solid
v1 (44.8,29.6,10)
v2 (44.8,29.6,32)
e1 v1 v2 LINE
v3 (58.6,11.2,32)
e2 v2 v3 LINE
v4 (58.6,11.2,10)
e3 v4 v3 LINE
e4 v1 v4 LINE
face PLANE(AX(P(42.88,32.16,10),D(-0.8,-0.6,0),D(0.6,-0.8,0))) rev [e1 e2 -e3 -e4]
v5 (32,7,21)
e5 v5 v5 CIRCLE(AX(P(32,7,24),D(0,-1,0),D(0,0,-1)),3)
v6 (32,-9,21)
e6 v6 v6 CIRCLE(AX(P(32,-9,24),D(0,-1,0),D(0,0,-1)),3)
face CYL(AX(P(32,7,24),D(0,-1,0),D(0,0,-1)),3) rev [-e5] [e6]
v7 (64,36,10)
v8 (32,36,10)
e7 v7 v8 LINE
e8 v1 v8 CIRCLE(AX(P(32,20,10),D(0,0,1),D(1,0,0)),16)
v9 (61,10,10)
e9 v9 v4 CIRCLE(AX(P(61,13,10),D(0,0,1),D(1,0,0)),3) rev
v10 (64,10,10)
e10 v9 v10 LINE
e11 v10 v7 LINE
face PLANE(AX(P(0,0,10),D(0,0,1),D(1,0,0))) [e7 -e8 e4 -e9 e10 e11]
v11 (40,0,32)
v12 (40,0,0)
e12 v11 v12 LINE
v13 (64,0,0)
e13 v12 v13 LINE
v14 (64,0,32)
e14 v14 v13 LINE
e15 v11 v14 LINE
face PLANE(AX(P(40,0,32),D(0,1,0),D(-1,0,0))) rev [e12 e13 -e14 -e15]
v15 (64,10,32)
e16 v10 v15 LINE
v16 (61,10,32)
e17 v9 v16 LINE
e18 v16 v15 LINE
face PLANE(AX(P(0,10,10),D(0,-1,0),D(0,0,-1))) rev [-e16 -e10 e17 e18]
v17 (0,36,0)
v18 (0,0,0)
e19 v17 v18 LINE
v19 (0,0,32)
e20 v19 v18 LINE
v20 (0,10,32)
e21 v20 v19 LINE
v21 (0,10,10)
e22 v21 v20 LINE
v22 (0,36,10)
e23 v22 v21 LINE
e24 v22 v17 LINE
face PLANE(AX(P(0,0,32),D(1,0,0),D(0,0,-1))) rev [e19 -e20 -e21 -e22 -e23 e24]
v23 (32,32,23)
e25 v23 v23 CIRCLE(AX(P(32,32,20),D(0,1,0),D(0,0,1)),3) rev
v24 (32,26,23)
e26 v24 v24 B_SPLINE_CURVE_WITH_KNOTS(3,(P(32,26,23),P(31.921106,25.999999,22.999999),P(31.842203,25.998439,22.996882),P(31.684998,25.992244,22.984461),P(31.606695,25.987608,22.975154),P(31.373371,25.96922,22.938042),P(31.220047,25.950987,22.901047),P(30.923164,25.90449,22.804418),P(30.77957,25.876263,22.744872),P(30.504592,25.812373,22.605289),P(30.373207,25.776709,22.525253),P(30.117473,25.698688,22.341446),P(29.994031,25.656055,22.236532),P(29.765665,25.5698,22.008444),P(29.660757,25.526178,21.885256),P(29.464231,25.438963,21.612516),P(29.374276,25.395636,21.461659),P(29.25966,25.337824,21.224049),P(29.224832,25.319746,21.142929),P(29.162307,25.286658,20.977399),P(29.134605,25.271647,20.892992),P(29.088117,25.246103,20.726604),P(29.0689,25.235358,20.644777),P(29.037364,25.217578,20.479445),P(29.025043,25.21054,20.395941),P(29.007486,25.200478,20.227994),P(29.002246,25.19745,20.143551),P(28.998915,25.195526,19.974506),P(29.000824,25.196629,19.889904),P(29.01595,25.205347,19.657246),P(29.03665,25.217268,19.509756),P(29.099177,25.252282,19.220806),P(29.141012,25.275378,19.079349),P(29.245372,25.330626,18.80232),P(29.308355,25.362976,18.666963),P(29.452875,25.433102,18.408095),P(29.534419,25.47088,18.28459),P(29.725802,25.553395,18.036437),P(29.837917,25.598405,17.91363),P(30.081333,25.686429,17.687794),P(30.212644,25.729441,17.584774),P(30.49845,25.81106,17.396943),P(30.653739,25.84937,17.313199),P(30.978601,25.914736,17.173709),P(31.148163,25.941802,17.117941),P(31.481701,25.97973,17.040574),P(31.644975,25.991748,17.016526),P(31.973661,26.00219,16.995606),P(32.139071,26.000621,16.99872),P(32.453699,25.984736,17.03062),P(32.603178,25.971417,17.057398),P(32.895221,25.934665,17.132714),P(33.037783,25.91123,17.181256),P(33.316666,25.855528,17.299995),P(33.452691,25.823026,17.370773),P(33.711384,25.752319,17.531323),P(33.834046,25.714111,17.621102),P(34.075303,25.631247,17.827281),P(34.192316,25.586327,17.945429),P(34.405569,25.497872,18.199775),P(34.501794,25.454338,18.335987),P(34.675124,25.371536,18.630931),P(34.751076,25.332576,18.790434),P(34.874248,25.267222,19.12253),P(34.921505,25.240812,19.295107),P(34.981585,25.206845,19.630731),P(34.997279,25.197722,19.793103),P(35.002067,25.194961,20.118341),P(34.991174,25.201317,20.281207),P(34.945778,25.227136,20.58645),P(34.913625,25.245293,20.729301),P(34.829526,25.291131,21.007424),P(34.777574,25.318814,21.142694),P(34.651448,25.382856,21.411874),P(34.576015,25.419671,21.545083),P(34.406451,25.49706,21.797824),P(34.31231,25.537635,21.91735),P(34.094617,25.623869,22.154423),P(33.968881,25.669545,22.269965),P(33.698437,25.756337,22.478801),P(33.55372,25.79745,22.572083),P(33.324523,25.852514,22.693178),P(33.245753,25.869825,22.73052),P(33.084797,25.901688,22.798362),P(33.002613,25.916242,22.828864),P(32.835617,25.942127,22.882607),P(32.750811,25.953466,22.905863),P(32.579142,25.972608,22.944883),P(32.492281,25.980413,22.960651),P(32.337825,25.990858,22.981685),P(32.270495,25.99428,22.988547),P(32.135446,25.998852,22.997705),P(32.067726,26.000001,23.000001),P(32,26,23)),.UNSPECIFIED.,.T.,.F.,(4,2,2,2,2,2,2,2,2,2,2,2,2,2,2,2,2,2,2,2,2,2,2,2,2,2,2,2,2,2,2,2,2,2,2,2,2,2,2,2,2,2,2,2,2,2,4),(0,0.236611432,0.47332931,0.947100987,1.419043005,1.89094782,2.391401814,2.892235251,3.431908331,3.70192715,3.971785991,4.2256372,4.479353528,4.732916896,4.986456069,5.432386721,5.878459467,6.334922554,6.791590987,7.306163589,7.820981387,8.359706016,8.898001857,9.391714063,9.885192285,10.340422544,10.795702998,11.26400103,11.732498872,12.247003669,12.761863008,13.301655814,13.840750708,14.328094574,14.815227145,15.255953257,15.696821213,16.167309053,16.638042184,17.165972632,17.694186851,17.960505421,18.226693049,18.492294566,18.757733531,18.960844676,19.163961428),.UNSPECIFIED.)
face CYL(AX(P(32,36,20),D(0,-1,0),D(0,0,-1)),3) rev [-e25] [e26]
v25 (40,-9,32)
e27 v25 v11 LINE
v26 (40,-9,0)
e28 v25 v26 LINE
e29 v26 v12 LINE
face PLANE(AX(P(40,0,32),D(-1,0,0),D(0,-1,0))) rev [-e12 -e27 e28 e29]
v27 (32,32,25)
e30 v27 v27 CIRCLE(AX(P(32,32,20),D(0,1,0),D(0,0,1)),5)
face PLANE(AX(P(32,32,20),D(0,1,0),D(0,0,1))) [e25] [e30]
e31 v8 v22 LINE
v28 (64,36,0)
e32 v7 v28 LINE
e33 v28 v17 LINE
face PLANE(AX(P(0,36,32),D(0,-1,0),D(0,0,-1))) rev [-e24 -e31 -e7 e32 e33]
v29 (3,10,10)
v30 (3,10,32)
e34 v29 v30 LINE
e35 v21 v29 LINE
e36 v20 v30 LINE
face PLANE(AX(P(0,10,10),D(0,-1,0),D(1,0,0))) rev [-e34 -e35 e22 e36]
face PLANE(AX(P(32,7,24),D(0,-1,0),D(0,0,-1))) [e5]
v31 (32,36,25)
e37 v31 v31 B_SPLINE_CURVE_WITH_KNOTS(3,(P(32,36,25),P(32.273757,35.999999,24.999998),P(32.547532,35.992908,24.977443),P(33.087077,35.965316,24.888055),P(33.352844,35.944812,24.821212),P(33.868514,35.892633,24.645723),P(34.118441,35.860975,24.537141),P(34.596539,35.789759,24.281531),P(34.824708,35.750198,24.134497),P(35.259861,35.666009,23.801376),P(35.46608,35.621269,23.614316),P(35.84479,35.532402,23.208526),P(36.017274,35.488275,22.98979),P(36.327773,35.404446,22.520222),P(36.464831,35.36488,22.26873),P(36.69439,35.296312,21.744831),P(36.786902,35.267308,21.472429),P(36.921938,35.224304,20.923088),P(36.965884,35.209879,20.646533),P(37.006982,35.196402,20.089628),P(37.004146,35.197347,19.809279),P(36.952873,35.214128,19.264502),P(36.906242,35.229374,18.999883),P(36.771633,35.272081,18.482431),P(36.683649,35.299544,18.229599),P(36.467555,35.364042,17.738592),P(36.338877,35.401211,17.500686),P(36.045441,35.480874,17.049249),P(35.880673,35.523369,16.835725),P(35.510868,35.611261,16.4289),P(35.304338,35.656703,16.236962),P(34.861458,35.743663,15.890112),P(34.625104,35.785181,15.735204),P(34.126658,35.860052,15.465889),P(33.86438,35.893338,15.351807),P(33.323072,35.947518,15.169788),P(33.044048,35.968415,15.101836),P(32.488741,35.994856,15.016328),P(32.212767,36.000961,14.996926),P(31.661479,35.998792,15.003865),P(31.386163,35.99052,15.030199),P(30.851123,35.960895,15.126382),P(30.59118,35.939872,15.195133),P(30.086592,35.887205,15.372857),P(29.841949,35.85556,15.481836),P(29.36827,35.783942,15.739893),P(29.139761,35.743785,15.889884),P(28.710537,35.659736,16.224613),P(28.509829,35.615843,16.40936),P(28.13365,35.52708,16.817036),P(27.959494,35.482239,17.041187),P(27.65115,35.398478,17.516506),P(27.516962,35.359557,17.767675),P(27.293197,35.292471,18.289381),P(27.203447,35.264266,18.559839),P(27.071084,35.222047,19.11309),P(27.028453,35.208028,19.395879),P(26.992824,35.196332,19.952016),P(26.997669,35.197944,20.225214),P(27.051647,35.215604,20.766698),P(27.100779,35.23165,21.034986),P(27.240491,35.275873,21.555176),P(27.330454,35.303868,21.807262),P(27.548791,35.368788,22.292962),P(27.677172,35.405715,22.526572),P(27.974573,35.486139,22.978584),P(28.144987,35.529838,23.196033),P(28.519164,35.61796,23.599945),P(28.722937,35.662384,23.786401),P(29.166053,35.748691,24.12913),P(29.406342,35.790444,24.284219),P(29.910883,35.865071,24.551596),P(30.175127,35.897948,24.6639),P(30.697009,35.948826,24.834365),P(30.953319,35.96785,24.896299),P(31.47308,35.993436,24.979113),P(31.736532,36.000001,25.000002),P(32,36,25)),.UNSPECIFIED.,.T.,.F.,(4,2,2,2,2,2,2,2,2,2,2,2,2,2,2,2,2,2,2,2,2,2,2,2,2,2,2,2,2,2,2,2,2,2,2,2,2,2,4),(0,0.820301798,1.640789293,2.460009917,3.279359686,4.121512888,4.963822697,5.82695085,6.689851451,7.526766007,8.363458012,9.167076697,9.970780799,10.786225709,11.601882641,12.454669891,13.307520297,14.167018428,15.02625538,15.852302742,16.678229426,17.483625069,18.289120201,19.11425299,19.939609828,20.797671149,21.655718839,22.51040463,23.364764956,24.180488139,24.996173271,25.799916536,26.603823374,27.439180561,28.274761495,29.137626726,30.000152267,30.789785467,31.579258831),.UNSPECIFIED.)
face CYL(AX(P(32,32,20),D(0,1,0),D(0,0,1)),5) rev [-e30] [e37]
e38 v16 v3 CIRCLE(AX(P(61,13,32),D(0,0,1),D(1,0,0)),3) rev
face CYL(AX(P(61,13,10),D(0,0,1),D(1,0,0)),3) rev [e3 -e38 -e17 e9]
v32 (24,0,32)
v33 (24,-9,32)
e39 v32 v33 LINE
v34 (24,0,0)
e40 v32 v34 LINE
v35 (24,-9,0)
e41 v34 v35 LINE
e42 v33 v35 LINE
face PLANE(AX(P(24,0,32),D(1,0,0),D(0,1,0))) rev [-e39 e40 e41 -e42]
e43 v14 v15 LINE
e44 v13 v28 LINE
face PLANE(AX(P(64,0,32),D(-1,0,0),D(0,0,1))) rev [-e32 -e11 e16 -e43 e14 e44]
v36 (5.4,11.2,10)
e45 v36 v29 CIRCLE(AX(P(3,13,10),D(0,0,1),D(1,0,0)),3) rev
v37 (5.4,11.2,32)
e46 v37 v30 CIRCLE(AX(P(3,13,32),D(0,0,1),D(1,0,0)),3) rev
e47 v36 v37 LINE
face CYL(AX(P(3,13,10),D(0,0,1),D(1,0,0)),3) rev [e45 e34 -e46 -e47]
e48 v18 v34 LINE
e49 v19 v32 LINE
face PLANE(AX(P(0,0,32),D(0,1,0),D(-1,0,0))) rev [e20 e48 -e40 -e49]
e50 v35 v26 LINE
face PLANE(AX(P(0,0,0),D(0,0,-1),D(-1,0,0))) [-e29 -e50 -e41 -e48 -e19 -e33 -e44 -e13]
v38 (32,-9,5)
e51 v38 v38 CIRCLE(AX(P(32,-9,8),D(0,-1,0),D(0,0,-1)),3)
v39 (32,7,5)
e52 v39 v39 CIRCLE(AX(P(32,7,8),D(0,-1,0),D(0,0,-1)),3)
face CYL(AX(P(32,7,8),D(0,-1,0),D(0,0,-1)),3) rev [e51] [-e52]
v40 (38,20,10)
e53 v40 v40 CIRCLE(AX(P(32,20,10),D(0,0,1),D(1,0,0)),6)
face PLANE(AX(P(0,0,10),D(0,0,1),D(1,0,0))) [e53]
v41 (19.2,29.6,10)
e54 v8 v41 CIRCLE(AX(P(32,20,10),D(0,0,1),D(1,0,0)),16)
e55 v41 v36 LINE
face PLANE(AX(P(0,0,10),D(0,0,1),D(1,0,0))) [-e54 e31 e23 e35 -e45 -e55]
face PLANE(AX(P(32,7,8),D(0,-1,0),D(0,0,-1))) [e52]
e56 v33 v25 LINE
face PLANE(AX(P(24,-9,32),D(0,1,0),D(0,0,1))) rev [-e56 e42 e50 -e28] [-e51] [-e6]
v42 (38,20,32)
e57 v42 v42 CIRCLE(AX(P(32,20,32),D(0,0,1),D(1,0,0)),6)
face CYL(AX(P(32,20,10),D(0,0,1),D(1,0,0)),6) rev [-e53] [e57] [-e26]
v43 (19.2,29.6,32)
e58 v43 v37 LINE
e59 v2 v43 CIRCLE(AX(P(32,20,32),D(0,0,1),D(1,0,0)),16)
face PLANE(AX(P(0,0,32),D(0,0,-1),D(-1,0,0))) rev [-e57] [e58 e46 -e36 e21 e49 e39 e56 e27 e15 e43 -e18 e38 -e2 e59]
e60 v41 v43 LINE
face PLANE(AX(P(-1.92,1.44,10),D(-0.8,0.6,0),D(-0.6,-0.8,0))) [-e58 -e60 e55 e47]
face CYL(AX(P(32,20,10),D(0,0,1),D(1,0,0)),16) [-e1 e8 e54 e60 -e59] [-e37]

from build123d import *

# Parameters (mm, degrees)
BOSS_EXTRUDE1_DEPTH            = 32
SKETCH2_R                      = 6
CUT_EXTRUDE1_DEPTH             = 22
SKETCH3_R                      = 5
CUT_EXTRUDE2_DEPTH             = 4
CUT_EXTRUDE3_REACH             = 43
SKETCH4_R                      = 3
CUT_EXTRUDE3_DIRECTION_2_DEPTH = 5.0000001
SKETCH5_R                      = 3
CUT_EXTRUDE4_DEPTH             = 16


with BuildPart() as part:
    # Sketch1 → Boss-Extrude1 (new body)
    with BuildSketch(Plane.XY):
        Polygon((40, 0), (64, 0), (64, 36), (0, 36), (0, 0), (24, 0), (24, -9), (40, -9), align=None)
    extrude(amount=BOSS_EXTRUDE1_DEPTH)

    # Sketch2 → Cut-Extrude1 (cut)
    with BuildSketch(Plane.XY.offset(32)):
        with BuildLine():
            Line((0, 36), (0, 10))
            Line((0, 10), (3, 10))
            ThreePointArc((3, 10), (4.341640786, 10.316718427), (5.4, 11.2))
            Line((5.4, 11.2), (19.2, 29.6))
            ThreePointArc((19.2, 29.6), (24.844582472, 34.310835056), (32, 36))
            Line((32, 36), (0, 36))
        make_face()
        with BuildLine():
            Line((64, 36), (32, 36))
            ThreePointArc((32, 36), (39.155417528, 34.310835056), (44.8, 29.6))
            Line((44.8, 29.6), (58.6, 11.2))
            ThreePointArc((58.6, 11.2), (59.658359214, 10.316718427), (61, 10))
            Line((61, 10), (64, 10))
            Line((64, 10), (64, 36))
        make_face()
        with Locations((32, 20)):
            Circle(SKETCH2_R)
    extrude(amount=-CUT_EXTRUDE1_DEPTH, mode=Mode.SUBTRACT)

    # Sketch3 → Cut-Extrude2 (cut)
    with BuildSketch(Plane(origin=(0, 36, 0), x_dir=(1, 0, 0), z_dir=(0, 1, 0))):
        with Locations((32, -20)):
            Circle(SKETCH3_R)
    extrude(amount=-CUT_EXTRUDE2_DEPTH, mode=Mode.SUBTRACT)

    # Sketch4 → Cut-Extrude3 (cut, up to next)
    with BuildSketch(Plane(origin=(0, 32, 0), x_dir=(1, 0, 0), z_dir=(0, 1, 0)), mode=Mode.PRIVATE) as cut_extrude3_sk1:
        with Locations((32, -20)):
            Circle(SKETCH4_R)
    cut_extrude3_tool1 = extrude(cut_extrude3_sk1.sketch, amount=-CUT_EXTRUDE3_REACH, mode=Mode.PRIVATE) & part.part
    add(cut_extrude3_tool1.solids().sort_by_distance((32, 32, 20))[0], mode=Mode.SUBTRACT)

    # Sketch4 → Cut-Extrude3 direction 2 (cut)
    with BuildSketch(Plane(origin=(0, 32, 0), x_dir=(1, 0, 0), z_dir=(0, 1, 0))):
        with Locations((32, -20)):
            Circle(SKETCH4_R)
    extrude(amount=CUT_EXTRUDE3_DIRECTION_2_DEPTH, mode=Mode.SUBTRACT)

    # Sketch5 → Cut-Extrude4 (cut)
    with BuildSketch(Plane.XZ.offset(9)):
        with Locations((32, 24)):
            Circle(SKETCH5_R)
        with Locations((32, 8)):
            Circle(SKETCH5_R)
    extrude(amount=-CUT_EXTRUDE4_DEPTH, mode=Mode.SUBTRACT)


solid = part.part
